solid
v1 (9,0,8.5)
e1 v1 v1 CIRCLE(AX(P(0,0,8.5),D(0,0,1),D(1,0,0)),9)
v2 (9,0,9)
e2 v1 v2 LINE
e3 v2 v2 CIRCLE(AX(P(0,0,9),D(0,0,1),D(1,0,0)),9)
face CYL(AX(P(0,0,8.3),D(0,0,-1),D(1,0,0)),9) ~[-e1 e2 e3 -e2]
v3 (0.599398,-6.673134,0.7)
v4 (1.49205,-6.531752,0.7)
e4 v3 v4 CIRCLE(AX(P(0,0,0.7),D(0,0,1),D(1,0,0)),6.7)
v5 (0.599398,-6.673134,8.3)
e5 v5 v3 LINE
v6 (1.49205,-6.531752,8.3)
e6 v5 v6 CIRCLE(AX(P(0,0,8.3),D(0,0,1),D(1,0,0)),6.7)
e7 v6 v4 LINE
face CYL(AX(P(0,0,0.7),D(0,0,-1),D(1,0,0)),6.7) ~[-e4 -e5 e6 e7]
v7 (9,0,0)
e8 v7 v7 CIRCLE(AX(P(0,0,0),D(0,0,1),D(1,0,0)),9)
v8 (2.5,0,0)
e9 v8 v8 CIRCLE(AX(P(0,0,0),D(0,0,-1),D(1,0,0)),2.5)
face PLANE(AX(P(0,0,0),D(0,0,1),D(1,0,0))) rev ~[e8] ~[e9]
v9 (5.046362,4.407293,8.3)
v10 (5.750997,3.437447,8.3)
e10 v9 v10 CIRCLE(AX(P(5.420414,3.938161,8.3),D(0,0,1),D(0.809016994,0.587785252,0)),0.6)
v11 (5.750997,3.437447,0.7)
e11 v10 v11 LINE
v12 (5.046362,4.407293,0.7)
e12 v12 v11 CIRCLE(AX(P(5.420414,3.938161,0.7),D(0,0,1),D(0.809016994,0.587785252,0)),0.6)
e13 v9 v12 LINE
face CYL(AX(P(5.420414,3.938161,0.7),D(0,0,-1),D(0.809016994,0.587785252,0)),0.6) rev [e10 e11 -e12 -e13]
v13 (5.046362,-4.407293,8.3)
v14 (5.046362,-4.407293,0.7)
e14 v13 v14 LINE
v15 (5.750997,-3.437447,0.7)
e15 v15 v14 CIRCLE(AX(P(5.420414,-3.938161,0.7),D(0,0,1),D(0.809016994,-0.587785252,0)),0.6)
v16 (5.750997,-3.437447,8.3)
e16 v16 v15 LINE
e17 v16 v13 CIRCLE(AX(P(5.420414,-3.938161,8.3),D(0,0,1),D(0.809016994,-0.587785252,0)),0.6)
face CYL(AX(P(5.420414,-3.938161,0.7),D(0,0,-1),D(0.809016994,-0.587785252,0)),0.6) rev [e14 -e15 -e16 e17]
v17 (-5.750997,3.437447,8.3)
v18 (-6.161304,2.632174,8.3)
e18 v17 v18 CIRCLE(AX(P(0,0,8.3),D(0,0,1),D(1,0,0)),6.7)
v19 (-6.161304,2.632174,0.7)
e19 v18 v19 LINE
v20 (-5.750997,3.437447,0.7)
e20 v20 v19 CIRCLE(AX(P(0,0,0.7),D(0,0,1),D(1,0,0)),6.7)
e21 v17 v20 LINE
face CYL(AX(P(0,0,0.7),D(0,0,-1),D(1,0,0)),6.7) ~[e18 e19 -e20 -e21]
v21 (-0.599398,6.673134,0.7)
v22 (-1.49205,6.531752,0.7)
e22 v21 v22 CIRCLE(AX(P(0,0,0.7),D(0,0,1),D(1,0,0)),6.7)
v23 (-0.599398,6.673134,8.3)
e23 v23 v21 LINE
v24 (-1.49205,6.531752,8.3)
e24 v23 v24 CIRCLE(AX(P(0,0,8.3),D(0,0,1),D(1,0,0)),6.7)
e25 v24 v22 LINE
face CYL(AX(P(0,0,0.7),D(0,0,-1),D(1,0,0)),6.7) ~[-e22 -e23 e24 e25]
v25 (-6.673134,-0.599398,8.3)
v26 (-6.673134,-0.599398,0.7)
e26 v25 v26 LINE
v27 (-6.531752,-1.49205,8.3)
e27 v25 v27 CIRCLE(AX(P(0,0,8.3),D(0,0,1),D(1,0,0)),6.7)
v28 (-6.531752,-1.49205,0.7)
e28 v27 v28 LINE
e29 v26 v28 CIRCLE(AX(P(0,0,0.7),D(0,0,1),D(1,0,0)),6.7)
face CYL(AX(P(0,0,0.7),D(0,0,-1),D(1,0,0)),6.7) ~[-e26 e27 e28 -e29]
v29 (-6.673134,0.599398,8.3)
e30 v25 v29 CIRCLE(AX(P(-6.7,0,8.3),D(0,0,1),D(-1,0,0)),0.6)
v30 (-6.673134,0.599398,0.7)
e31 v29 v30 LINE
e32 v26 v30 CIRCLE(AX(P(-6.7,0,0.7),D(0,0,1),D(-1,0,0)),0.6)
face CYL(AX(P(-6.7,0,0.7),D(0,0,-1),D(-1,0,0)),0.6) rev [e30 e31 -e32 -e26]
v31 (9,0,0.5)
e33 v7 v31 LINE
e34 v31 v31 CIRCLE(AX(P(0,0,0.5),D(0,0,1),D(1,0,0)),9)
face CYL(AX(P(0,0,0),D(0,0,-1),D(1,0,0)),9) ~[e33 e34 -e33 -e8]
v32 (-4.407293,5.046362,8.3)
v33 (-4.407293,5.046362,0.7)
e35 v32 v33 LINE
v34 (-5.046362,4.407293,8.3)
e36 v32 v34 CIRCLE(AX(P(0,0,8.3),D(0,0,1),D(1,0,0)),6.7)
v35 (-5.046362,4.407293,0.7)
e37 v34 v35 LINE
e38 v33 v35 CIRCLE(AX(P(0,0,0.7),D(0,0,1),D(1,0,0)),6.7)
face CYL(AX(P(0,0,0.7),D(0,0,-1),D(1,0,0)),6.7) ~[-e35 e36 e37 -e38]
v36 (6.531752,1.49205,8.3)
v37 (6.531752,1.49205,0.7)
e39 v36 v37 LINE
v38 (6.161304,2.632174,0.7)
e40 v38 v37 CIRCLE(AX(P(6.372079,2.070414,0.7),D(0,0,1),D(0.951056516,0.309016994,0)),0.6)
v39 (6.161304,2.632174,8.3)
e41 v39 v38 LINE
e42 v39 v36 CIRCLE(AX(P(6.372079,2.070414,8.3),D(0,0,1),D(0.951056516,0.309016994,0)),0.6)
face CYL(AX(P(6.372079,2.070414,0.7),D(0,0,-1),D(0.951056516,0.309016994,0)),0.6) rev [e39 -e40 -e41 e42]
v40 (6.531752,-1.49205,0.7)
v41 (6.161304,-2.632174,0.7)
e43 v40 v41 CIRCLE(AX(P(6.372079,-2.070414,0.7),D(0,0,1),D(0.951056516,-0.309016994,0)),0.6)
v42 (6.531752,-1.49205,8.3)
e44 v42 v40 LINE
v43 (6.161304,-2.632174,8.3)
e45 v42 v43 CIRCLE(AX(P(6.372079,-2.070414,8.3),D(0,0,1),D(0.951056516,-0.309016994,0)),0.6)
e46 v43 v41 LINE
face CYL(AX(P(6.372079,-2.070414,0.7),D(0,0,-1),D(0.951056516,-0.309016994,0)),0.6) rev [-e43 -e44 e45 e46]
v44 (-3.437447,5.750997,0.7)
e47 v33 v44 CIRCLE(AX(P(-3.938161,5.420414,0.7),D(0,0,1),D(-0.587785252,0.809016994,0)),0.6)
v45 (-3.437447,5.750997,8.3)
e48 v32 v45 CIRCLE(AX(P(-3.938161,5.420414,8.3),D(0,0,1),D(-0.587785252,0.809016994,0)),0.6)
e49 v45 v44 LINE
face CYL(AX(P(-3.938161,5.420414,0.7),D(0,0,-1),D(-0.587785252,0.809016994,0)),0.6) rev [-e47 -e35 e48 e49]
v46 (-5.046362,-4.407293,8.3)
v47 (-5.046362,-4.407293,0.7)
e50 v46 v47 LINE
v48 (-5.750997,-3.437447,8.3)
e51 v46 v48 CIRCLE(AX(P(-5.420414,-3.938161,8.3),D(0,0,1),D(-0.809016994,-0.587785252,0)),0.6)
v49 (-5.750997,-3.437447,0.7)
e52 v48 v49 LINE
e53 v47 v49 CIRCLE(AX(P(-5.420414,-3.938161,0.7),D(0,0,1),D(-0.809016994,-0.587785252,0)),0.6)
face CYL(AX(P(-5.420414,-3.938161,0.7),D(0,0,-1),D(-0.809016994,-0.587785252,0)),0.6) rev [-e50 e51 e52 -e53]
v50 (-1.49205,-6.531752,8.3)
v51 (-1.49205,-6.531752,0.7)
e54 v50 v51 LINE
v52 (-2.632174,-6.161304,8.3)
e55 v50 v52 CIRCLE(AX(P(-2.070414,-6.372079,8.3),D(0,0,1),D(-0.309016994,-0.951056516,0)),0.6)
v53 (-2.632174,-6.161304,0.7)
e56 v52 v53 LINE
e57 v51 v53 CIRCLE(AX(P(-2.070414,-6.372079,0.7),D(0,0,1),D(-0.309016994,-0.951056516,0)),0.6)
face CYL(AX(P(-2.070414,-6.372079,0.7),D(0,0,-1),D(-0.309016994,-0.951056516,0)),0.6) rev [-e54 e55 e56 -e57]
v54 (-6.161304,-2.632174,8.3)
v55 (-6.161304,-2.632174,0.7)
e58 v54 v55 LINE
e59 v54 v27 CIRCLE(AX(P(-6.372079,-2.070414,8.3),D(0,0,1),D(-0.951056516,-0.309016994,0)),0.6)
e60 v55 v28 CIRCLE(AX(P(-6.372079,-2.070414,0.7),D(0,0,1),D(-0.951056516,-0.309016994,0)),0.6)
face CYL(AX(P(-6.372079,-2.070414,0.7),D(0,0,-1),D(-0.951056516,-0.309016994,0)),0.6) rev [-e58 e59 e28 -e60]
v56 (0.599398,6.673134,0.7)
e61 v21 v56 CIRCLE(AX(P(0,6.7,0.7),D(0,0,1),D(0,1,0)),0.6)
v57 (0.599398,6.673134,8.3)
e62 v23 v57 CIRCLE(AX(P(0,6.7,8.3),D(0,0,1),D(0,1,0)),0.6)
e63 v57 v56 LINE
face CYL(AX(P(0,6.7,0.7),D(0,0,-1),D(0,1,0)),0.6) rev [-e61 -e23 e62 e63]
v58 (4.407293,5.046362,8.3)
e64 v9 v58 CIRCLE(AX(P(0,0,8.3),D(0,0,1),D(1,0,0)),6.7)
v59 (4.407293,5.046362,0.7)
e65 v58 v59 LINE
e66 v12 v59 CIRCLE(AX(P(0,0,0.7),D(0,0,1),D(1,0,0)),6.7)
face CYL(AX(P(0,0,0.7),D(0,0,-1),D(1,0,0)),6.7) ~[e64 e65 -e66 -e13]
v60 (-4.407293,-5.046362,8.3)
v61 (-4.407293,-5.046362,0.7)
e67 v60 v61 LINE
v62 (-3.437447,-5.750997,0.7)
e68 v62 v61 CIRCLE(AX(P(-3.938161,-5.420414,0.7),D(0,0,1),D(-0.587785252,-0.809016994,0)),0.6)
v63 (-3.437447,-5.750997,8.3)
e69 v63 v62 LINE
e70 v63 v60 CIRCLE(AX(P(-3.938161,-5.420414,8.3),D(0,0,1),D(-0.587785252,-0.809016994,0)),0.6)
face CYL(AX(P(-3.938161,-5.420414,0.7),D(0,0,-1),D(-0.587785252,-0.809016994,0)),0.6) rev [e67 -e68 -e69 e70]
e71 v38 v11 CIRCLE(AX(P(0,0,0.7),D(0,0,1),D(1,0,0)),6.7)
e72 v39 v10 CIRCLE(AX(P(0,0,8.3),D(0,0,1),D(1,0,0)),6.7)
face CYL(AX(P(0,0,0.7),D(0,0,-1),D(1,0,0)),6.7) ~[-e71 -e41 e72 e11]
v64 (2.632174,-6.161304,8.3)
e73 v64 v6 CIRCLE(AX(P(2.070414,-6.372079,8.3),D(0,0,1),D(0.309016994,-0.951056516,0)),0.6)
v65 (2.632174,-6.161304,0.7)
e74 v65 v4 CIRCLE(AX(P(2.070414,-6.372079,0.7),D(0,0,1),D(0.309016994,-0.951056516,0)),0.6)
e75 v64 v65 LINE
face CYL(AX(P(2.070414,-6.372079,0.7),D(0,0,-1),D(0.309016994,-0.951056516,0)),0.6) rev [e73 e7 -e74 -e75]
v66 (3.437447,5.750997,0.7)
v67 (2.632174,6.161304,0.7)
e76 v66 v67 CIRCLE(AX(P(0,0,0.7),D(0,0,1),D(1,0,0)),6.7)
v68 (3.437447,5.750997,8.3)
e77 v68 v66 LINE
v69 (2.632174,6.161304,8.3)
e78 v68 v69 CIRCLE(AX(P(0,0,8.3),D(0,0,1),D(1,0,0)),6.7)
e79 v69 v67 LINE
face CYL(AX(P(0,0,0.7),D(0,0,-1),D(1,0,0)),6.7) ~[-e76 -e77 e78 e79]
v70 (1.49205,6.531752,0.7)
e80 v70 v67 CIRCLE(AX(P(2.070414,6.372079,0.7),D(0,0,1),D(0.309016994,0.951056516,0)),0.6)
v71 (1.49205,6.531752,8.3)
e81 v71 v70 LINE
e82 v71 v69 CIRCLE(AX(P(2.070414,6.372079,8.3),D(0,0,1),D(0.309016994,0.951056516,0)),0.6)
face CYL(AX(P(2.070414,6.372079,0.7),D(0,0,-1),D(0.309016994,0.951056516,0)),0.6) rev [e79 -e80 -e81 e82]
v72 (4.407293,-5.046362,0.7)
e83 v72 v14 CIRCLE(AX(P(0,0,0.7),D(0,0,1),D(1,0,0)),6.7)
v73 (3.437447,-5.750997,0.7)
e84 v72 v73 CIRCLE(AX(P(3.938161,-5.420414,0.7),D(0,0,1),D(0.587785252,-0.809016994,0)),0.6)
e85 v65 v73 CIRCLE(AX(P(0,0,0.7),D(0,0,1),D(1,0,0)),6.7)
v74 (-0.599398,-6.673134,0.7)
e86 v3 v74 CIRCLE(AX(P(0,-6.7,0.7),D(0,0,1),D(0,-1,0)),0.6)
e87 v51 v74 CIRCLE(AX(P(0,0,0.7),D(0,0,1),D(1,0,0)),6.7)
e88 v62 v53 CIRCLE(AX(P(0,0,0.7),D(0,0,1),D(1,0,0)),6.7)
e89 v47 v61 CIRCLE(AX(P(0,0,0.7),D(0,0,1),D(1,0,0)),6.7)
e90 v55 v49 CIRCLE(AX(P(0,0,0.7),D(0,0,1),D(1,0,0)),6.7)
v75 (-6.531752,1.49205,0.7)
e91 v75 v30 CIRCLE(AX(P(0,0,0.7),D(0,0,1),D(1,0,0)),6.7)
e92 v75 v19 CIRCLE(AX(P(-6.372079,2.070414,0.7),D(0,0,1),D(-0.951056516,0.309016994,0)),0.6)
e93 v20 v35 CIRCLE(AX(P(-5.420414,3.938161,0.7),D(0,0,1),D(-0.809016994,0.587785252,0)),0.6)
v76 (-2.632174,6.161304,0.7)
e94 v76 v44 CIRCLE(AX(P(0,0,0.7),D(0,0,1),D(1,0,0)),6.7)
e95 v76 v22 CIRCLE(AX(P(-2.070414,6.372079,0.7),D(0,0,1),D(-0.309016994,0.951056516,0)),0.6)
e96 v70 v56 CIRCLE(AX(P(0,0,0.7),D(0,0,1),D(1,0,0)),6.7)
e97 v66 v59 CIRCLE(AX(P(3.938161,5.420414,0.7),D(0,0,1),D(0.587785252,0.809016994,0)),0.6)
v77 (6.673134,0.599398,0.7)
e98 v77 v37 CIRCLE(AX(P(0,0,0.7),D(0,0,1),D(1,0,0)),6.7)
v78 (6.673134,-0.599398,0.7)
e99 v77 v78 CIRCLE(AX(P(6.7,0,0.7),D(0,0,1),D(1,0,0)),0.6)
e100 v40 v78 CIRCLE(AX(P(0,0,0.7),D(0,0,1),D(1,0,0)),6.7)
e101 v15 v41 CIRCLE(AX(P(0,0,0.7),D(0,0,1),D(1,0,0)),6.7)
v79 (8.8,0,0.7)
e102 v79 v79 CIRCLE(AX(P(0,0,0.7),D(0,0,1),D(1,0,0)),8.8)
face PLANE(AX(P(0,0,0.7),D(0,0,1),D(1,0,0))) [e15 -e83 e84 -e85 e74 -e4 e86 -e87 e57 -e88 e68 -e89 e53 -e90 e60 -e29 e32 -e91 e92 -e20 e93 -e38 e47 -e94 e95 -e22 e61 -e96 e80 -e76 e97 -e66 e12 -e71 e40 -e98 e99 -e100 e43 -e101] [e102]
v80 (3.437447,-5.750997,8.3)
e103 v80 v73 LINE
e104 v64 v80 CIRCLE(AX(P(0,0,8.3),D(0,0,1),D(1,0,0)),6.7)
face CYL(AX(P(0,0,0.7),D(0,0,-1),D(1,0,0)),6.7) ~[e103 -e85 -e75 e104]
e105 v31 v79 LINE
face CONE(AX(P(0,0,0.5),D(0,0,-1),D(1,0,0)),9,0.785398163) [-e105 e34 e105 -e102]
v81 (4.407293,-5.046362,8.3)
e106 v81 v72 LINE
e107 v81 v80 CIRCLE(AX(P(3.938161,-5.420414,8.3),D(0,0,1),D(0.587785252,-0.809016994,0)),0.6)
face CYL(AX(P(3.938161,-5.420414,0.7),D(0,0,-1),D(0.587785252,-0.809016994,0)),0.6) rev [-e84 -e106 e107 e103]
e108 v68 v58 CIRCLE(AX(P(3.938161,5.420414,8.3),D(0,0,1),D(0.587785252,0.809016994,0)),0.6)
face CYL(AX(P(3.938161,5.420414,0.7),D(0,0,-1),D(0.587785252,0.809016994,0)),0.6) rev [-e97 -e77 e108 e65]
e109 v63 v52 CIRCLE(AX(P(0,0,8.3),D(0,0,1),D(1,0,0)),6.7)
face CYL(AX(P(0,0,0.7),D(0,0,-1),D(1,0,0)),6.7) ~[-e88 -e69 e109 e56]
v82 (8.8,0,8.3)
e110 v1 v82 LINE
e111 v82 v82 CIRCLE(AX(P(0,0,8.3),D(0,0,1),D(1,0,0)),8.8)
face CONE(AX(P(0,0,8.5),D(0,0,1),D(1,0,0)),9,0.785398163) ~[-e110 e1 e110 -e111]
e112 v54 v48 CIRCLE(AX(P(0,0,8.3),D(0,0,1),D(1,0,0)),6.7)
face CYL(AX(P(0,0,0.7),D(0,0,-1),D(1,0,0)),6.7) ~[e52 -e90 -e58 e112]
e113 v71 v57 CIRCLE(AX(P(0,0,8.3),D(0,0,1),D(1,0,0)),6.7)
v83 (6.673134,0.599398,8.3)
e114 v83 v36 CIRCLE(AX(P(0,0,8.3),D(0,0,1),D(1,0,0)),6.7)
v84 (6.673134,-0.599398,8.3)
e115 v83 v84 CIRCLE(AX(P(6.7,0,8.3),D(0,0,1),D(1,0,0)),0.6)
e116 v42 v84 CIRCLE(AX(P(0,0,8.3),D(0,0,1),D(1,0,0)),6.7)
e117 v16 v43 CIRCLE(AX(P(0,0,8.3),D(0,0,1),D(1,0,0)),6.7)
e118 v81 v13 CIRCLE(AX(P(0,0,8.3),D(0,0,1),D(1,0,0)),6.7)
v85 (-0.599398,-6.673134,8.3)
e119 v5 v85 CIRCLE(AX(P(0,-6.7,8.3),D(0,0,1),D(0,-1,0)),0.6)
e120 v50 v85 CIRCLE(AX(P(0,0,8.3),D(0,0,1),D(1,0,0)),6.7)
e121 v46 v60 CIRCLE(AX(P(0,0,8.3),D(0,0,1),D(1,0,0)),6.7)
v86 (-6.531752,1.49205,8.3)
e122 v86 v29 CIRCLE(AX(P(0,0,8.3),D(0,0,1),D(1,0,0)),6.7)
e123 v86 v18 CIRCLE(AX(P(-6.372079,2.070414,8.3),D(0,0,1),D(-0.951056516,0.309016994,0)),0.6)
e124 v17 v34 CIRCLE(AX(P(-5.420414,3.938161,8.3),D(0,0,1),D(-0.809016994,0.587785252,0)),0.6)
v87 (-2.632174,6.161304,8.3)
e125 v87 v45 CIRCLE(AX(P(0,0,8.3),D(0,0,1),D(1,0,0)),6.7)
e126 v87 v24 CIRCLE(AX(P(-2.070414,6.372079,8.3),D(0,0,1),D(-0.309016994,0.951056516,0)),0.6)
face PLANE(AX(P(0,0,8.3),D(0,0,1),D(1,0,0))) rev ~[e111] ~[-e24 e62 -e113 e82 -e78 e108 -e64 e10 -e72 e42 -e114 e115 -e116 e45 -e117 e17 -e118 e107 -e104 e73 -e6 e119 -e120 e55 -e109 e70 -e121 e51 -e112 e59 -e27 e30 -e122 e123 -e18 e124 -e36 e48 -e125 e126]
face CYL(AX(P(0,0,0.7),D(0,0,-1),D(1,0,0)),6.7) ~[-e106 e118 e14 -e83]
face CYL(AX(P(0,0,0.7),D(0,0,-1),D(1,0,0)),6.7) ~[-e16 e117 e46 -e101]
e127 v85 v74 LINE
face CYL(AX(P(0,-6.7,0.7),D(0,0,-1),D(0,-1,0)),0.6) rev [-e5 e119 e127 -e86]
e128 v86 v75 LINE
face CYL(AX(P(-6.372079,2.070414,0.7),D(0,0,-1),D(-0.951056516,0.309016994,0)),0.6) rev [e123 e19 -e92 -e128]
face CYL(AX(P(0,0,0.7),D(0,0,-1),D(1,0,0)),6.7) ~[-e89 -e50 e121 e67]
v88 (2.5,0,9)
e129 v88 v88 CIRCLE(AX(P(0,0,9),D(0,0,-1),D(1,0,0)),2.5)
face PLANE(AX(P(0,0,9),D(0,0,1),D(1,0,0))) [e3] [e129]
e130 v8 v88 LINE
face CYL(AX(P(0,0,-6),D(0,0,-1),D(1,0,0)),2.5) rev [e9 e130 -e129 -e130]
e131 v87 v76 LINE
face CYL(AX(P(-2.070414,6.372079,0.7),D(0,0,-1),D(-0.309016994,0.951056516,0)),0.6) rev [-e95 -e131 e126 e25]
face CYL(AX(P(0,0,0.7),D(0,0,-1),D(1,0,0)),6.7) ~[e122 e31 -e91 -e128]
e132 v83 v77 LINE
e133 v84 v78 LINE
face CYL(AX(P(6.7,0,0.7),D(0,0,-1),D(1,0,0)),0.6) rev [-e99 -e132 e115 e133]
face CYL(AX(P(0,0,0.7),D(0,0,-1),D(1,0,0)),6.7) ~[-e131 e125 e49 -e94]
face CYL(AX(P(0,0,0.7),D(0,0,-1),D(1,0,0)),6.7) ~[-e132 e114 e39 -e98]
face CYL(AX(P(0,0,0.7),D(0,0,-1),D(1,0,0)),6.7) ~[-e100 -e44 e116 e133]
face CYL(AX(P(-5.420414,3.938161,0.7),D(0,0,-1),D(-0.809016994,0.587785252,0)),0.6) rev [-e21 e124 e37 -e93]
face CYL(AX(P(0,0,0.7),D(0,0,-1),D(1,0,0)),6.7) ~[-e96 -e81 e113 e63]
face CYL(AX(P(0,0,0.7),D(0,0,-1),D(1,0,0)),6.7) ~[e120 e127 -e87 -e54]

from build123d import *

# Parameters (mm, degrees)
CYLINDER017_R     = 2.5
CYLINDER017_DEPTH = 28.6
CYLINDER015_R     = 9
CYLINDER015_DEPTH = 0.7
CHAMFER015_SIZE   = 0.2
CYLINDER016_R     = 9
CYLINDER016_DEPTH = 0.7
CHAMFER016_SIZE   = 0.2
CYLINDER013_R     = 0.6
CYLINDER013_DEPTH = 7.6
ARRAY002_COUNT    = 20
CYLINDER014_R     = 6.7
CYLINDER014_DEPTH = 7.6


with BuildPart() as cilindro007:
    # Cylinder017 → Cylinder017 (new body)
    with BuildSketch(Plane.XY.offset(-6)):
        Circle(CYLINDER017_R)
    extrude(amount=CYLINDER017_DEPTH)


with BuildPart() as chamfer015:
    # Cylinder015 → Cylinder015 (new body)
    with BuildSketch(Plane.XY):
        Circle(CYLINDER015_R)
    extrude(amount=CYLINDER015_DEPTH)

    # Chamfer015
    chamfer015_edges = [chamfer015.edges().sort_by_distance(p)[0] for p in [
        (-9, 0, 0.7),
    ]]
    chamfer(chamfer015_edges, length=CHAMFER015_SIZE)


with BuildPart() as chamfer016:
    # Cylinder016 → Cylinder016 (new body)
    with BuildSketch(Plane.XY.offset(8.3)):
        Circle(CYLINDER016_R)
    extrude(amount=CYLINDER016_DEPTH)

    # Chamfer016
    chamfer016_edges = [chamfer016.edges().sort_by_distance(p)[0] for p in [
        (-9, 0, 8.3),
    ]]
    chamfer(chamfer016_edges, length=CHAMFER016_SIZE)


with BuildPart() as array002:
    # Cylinder013 → Cylinder013 (new body)
    with BuildSketch(Plane(origin=(6.7, 0, 0), x_dir=(1, 0, 0), z_dir=(0, 0, 1))):
        Circle(CYLINDER013_R)
    extrude(amount=CYLINDER013_DEPTH)

    # Array002: Array002 ×20 about axis
    array002_axis = Axis((0, 0, 0), (0, 0, 1))


with BuildPart() as array002_1:
    add(array002.part)
    for i in range(1, ARRAY002_COUNT):
        add(array002.part.rotate(array002_axis, i * 360 / ARRAY002_COUNT))


with BuildPart() as cut007:
    # Cylinder014 → Cylinder014 (new body)
    with BuildSketch(Plane.XY):
        Circle(CYLINDER014_R)
    extrude(amount=CYLINDER014_DEPTH)

    # Cut006: cut Array002
    add(array002_1.part, mode=Mode.SUBTRACT)


with BuildPart() as cut007_1:
    # Cut006 placement: moved
    add(cut007.part.moved(Location((0, 0, 0.7))))

    # Fusion007002: union Chamfer015, Chamfer016
    add(chamfer015.part)
    add(chamfer016.part)

    # Cut007: cut Cilindro007
    add(cilindro007.part, mode=Mode.SUBTRACT)


solid = cut007_1.part
